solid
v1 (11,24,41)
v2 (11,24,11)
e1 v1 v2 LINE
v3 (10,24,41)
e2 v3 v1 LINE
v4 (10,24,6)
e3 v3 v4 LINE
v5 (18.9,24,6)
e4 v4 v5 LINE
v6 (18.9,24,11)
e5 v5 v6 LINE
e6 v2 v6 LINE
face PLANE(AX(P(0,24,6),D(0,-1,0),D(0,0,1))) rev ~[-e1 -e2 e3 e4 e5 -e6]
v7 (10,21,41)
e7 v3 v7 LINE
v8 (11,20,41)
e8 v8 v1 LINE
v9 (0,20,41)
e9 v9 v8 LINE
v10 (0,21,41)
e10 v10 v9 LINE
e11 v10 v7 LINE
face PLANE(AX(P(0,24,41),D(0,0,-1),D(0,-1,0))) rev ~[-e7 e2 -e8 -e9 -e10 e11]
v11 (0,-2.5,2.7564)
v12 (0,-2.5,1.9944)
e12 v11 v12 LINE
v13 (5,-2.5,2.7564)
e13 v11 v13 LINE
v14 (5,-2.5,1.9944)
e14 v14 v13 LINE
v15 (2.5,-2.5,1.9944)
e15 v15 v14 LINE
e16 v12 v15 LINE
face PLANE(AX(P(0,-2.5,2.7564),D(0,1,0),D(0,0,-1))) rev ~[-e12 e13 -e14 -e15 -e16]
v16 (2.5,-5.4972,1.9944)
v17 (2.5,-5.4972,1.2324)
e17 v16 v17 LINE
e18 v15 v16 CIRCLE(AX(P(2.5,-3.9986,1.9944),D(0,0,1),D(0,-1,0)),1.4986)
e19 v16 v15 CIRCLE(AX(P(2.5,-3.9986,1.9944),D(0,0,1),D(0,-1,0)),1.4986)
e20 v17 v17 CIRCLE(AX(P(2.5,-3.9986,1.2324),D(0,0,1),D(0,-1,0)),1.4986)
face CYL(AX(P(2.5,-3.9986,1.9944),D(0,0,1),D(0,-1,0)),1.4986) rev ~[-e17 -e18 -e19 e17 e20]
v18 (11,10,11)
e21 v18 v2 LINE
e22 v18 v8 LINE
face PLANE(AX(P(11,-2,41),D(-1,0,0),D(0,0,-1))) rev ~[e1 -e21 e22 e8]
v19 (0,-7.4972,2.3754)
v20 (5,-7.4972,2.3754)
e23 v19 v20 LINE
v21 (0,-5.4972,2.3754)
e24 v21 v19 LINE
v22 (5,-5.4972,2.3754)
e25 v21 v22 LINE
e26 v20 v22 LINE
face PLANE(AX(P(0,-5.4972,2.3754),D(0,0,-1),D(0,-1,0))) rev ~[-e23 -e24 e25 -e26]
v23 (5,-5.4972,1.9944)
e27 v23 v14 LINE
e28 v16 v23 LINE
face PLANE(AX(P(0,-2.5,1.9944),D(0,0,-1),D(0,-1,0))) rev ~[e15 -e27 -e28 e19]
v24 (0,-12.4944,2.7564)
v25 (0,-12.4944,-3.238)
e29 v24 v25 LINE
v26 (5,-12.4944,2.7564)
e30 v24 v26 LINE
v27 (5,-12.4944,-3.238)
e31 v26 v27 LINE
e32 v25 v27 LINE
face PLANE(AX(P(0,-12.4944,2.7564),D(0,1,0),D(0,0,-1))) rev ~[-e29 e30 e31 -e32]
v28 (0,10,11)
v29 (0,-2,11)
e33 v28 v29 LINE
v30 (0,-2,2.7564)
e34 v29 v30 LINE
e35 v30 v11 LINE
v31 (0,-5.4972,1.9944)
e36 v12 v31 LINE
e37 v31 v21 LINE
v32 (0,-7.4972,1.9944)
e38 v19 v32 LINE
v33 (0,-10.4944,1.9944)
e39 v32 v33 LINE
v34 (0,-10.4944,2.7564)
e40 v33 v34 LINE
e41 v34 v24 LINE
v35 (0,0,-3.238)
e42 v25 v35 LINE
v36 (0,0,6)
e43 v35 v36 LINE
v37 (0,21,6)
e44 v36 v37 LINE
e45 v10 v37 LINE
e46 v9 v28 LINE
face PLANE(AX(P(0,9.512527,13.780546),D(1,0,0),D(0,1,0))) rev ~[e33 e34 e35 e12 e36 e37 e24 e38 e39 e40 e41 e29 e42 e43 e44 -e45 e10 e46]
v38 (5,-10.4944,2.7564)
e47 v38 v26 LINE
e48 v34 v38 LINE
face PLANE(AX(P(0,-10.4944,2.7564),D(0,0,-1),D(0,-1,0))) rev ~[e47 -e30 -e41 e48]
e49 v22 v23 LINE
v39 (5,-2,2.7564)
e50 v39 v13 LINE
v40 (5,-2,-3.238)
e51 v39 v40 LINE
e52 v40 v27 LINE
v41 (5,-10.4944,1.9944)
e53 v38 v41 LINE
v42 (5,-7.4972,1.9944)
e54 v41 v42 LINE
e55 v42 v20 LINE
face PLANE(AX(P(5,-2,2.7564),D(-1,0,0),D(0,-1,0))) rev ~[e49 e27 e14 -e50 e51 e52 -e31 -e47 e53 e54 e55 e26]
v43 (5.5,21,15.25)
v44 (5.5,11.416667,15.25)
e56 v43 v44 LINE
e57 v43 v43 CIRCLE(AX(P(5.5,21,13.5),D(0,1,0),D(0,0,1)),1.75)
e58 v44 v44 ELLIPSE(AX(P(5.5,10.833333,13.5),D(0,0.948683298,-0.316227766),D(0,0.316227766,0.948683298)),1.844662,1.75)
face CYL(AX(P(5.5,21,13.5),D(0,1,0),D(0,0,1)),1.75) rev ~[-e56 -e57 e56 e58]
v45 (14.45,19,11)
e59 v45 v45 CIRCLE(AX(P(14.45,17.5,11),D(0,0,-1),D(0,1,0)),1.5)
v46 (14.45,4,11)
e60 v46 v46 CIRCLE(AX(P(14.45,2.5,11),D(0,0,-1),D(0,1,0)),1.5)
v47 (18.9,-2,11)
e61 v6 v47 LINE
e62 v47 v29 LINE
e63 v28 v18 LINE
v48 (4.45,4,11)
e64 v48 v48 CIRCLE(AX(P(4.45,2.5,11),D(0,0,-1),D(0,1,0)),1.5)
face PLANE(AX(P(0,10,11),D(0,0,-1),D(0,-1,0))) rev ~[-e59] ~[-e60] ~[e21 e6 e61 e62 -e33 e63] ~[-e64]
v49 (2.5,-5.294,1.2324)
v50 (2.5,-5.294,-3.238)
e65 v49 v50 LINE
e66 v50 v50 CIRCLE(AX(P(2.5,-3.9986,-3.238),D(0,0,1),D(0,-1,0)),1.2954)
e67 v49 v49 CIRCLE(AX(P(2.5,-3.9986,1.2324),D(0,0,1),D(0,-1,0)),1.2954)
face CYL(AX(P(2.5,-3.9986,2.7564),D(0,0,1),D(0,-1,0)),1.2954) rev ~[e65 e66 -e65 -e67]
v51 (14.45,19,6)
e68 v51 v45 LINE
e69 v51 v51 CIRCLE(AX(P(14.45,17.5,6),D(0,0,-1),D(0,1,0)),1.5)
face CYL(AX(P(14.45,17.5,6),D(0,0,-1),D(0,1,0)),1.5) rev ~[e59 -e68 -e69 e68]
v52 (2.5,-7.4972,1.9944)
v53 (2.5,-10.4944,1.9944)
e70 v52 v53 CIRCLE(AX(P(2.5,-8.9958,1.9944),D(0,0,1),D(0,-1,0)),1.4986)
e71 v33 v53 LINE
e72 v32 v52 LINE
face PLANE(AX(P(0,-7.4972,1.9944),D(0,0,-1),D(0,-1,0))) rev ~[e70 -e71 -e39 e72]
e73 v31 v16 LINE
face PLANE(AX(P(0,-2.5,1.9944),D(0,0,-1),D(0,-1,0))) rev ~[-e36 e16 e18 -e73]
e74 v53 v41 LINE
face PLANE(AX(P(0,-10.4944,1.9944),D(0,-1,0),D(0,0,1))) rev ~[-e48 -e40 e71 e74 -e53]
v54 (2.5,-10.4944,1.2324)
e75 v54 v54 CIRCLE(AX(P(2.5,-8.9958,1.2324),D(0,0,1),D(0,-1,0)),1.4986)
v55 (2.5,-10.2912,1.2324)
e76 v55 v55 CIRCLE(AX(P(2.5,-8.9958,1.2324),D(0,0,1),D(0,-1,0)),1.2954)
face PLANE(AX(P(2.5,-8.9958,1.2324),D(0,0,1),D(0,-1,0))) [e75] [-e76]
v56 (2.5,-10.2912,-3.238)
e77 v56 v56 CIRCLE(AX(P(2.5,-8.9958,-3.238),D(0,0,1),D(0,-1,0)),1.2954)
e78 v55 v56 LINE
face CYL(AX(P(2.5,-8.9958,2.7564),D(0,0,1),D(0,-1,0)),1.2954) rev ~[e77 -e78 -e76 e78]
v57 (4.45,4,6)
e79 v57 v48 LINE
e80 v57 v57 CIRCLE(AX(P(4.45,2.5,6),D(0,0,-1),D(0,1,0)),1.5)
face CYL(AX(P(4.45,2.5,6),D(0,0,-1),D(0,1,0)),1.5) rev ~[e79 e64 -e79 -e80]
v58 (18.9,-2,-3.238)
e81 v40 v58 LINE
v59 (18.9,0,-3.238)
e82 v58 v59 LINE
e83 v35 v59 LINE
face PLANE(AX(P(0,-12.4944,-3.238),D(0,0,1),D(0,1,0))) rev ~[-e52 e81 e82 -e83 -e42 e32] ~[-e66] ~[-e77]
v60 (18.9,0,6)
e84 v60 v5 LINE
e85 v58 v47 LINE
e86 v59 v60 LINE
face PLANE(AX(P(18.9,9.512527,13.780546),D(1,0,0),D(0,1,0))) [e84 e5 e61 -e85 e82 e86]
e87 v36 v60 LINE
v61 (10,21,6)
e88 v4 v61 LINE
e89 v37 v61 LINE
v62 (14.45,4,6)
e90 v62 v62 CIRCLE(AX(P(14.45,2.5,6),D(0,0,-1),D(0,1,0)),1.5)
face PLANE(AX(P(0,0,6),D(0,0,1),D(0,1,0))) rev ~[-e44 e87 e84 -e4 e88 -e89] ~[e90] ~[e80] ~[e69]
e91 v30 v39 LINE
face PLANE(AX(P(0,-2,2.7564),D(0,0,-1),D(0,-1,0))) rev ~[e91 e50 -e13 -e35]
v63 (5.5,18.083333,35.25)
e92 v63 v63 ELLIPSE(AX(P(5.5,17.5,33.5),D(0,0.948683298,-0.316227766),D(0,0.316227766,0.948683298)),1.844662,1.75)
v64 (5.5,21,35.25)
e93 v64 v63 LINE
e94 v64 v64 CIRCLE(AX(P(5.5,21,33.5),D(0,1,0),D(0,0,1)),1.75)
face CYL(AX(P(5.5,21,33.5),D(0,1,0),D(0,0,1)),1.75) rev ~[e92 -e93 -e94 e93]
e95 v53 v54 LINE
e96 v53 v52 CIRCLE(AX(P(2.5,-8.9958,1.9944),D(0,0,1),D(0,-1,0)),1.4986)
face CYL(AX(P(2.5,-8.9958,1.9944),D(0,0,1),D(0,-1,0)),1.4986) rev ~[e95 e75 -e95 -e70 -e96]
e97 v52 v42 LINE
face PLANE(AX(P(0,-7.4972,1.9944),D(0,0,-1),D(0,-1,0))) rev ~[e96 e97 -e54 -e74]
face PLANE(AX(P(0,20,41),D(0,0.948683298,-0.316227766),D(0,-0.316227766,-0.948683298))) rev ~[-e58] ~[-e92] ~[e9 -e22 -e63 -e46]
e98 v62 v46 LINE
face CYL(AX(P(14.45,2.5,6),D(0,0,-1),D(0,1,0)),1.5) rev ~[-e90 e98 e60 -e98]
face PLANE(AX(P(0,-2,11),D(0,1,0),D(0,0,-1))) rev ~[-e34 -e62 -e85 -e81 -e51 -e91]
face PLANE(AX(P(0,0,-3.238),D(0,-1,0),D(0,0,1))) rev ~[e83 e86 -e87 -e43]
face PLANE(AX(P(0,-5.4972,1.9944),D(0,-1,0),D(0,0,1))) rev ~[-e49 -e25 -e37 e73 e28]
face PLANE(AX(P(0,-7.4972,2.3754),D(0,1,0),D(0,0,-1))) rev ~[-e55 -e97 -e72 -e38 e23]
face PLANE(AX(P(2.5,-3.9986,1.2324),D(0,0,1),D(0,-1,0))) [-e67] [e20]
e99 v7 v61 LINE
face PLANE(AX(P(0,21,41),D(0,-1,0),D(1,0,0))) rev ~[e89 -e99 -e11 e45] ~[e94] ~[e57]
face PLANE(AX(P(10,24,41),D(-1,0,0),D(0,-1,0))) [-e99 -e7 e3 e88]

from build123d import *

# Parameters (mm, degrees)
PAD_DEPTH       = 18.9
SKETCH001_W     = 30
SKETCH001_H     = 7.9
POCKET_DEPTH    = 26.001
POCKET001_DEPTH = 44.239
SKETCH003_R     = 1.75
POCKET002_DEPTH = 33.4954
SKETCH005_R     = 1.5
POCKET004_DEPTH = 35.001
SKETCH007_R     = 1.2954
SKETCH007_W     = 10.4944
SKETCH007_H     = 13.9
POCKET005_DEPTH = 5.9954
SKETCH008_R     = 1.4986
POCKET006_DEPTH = 0.762


with BuildPart() as part:
    # Sketch → Pad (new body)
    with BuildSketch(Plane.YZ):
        Polygon((-2.5, 2.7564), (-2.5, 1.9944), (-5.4972, 1.9944), (-5.4972, 2.3754), (-7.4972, 2.3754), (-7.4972, 1.9944), (-10.4944, 1.9944), (-10.4944, 2.7564), (-12.4944, 2.7564), (-12.4944, -3.238), (0, -3.238), (0, 6), (24, 6), (24, 41), (20, 41), (10, 11), (-2, 11), (-2, 2.7564), align=None)
    extrude(amount=PAD_DEPTH)

    # Sketch001 (on Face17 of Pad) → Pocket (cut, through all)
    with BuildSketch(Plane(origin=(0, -2, 0), x_dir=(0, 0, -1), z_dir=(0, -1, 0))):
        with Locations((-26, 14.95)):
            Rectangle(SKETCH001_W, SKETCH001_H)
    extrude(amount=-POCKET_DEPTH, mode=Mode.SUBTRACT)

    # Sketch002 (on Face18 of Pocket) → Pocket001 (cut, through all)
    with BuildSketch(Plane(origin=(0, 0, 41), x_dir=(0, -1, 0), z_dir=(0, 0, 1))):
        Polygon((-21, 10), (-21, 1), (-21, 0), (-24, 0), (-24, 1), (-24, 10), align=None)
    extrude(amount=-POCKET001_DEPTH, mode=Mode.SUBTRACT)

    # Sketch003 (on Face26 of Pocket001) → Pocket002 (cut, through all)
    with BuildSketch(Plane.ZX.offset(21)):
        with Locations((13.5, 5.5)):
            Circle(SKETCH003_R)
        with Locations((33.5, 5.5)):
            Circle(SKETCH003_R)
    extrude(amount=-POCKET002_DEPTH, mode=Mode.SUBTRACT)

    # Sketch005 → Pocket004 (cut, through all)
    with BuildSketch(Plane.YX.offset(-6)):
        with Locations((2.5, 14.45)):
            Circle(SKETCH005_R)
        with Locations((17.5, 14.45)):
            Circle(SKETCH005_R)
        with Locations((2.5, 4.45)):
            Circle(SKETCH005_R)
    extrude(amount=-POCKET004_DEPTH, mode=Mode.SUBTRACT)

    # Sketch007 (on Face16 of Pocket004) → Pocket005 (cut, through all)
    with BuildSketch(Plane(origin=(0, 0, 2.7564), x_dir=(0, -1, 0), z_dir=(0, 0, 1))):
        with Locations((8.9958, 2.5)):
            Circle(SKETCH007_R)
        with Locations((3.9986, 2.5)):
            Circle(SKETCH007_R)
        with Locations((7.2472, 11.95)):
            Rectangle(SKETCH007_W, SKETCH007_H)
    extrude(amount=-POCKET005_DEPTH, mode=Mode.SUBTRACT)

    # Sketch008 (on Face17 of Pocket005) → Pocket006 (cut)
    with BuildSketch(Plane(origin=(0, 0, 1.9944), x_dir=(0, -1, 0), z_dir=(0, 0, 1))):
        with Locations((8.9958, 2.5)):
            Circle(SKETCH008_R)
        with Locations((3.9986, 2.5)):
            Circle(SKETCH008_R)
    extrude(amount=-POCKET006_DEPTH, mode=Mode.SUBTRACT)


solid = part.part
